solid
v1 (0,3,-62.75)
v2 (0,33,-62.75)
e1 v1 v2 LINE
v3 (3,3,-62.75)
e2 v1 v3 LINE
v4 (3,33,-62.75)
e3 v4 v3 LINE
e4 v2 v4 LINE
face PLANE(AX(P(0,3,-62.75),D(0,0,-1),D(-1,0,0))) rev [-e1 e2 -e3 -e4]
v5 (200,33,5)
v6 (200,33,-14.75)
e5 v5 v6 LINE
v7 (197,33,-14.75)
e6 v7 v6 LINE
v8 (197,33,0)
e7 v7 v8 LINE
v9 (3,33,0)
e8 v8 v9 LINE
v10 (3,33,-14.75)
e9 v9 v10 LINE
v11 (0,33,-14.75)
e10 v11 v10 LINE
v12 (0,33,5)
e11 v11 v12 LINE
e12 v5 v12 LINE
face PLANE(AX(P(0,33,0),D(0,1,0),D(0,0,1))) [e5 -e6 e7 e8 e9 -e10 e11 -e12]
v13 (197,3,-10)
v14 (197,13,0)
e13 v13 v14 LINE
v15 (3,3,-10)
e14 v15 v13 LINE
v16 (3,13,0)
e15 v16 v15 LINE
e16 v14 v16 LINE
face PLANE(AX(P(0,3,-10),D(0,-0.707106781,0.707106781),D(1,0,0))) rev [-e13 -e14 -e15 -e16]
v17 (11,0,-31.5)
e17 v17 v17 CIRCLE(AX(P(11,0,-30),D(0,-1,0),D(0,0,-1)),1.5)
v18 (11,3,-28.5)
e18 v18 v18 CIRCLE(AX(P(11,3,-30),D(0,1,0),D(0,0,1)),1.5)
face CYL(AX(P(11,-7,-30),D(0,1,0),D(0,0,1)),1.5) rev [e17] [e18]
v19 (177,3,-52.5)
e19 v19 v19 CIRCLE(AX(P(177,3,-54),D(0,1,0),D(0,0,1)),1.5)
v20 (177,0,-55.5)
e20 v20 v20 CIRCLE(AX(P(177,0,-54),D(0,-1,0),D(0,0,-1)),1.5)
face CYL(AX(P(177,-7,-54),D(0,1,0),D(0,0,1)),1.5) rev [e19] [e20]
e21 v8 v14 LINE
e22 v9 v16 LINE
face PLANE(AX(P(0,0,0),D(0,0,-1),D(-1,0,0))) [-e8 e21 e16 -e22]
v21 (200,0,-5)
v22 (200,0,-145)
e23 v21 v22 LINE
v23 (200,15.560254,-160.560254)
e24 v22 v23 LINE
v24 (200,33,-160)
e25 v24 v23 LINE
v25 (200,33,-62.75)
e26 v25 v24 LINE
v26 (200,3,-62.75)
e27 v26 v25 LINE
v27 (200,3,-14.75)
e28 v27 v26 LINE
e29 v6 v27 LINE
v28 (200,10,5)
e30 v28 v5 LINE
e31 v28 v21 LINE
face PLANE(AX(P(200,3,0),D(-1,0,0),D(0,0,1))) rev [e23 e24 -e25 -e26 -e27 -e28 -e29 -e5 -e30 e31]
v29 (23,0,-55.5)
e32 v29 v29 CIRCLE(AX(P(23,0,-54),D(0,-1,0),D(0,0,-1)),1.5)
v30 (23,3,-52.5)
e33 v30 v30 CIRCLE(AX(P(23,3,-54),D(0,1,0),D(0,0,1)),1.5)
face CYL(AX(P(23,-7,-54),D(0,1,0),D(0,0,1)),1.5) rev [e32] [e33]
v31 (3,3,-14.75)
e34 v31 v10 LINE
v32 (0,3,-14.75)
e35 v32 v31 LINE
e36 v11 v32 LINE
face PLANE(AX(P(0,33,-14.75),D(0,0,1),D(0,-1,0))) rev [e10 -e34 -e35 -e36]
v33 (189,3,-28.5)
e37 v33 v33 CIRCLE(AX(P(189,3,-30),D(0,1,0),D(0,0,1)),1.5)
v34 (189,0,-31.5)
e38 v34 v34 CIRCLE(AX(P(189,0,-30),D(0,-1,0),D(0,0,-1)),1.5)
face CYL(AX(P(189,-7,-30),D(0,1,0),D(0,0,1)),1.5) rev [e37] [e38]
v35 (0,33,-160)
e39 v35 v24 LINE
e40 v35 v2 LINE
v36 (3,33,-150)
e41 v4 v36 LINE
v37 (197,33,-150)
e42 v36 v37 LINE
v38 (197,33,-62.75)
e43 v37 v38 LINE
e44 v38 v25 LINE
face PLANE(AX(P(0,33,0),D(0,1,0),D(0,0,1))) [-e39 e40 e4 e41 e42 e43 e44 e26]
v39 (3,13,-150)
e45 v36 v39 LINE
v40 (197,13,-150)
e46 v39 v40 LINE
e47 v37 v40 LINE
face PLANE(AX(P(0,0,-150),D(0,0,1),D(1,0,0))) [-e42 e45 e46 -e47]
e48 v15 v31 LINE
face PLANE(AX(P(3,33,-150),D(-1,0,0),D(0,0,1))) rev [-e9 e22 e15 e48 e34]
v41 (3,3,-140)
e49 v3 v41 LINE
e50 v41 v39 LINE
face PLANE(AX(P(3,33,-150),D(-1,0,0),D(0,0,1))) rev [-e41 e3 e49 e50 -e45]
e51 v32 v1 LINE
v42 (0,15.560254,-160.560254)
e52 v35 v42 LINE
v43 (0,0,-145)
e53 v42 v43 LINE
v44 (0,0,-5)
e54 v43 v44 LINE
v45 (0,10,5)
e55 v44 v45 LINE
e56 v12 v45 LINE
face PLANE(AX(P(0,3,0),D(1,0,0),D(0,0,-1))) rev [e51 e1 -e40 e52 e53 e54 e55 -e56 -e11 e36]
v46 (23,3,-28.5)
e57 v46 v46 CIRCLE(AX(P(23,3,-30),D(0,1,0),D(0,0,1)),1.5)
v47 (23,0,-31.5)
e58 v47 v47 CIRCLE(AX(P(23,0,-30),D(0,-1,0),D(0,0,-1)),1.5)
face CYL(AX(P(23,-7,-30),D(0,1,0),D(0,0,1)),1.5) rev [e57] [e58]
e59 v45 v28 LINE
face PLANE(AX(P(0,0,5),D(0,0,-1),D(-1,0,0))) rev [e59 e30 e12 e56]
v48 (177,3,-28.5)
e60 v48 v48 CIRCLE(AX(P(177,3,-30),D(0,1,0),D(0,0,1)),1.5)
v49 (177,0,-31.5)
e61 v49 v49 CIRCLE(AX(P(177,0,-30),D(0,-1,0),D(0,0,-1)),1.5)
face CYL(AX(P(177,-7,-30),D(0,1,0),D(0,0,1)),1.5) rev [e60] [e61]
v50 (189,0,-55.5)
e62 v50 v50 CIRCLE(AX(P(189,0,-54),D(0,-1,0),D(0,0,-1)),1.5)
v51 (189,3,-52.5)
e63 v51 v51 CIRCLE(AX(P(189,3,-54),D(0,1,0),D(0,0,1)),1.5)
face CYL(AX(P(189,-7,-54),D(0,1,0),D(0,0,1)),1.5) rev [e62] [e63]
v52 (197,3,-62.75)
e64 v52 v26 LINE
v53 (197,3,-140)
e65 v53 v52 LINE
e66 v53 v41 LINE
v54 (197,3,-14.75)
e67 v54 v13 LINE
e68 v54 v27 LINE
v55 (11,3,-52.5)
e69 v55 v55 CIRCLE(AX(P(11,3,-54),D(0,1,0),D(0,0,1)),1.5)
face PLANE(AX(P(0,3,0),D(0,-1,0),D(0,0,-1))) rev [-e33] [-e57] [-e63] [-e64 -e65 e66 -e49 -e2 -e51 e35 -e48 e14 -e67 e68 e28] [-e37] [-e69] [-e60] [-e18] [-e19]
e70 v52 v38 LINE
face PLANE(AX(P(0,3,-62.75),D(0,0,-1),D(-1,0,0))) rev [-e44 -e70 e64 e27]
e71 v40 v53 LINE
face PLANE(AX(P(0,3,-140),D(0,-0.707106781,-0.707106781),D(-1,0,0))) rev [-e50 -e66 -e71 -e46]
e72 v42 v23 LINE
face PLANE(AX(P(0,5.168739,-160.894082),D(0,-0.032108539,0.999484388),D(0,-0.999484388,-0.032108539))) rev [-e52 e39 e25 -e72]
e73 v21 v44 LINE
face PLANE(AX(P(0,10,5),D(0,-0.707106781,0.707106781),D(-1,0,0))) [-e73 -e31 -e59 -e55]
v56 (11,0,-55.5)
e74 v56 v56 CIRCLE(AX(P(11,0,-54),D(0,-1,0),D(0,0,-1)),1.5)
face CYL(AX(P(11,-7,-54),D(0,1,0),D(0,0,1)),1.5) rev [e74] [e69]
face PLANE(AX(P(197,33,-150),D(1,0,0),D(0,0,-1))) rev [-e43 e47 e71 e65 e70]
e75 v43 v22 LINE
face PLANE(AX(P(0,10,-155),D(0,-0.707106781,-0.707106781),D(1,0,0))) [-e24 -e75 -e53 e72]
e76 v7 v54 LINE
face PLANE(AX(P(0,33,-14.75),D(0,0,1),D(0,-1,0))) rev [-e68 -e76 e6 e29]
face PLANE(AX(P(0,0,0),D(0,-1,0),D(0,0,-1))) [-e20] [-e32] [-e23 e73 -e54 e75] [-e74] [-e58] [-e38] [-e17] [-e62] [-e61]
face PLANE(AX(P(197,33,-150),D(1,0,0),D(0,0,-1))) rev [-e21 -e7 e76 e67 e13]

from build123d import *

# Parameters (mm, degrees)
CROQUIS1_W              = 200
CROQUIS1_H              = 150
SALIENTE_EXTRUIR1_DEPTH = 3
CROQUIS2_W              = 3
CROQUIS2_H              = 150
SALIENTE_EXTRUIR2_DEPTH = 30
SALIENTE_EXTRUIR4_DEPTH = 5
CROQUIS6_W              = 200
CROQUIS6_H              = 33
SALIENTE_EXTRUIR5_DEPTH = 5
CHAFL_N1_SIZE           = 10
CHAFL_N2_SIZE           = 10
CROQUIS7_R              = 1.5
CORTAR_EXTRUIR2_DEPTH   = 10
CROQUIS8_W              = 48
CROQUIS8_H              = 30
CORTAR_EXTRUIR3_DEPTH   = 200
SALIENTE_EXTRUIR6_DEPTH = 200


with BuildPart() as part:
    # Croquis1 → Saliente-Extruir1 (new body)
    with BuildSketch(Plane(origin=(0, 0, 0), x_dir=(1, 0, 0), z_dir=(0, 1, 0))):
        with Locations((100, 75)):
            Rectangle(CROQUIS1_W, CROQUIS1_H)
    extrude(amount=SALIENTE_EXTRUIR1_DEPTH)

    # Croquis2 → Saliente-Extruir2 (add)
    with BuildSketch(Plane(origin=(0, 3, 0), x_dir=(1, 0, 0), z_dir=(0, 1, 0))):
        with Locations((1.5, 75)):
            Rectangle(CROQUIS2_W, CROQUIS2_H)
        with Locations((198.5, 75)):
            Rectangle(CROQUIS2_W, CROQUIS2_H)
    extrude(amount=SALIENTE_EXTRUIR2_DEPTH)

    # Croquis5 → Saliente-Extruir4 (add)
    with BuildSketch(Plane.XY):
        Polygon((0, 33), (3, 33), (200, 33), (200, 0), (0, 0), align=None)
    extrude(amount=SALIENTE_EXTRUIR4_DEPTH)

    # Croquis6 → Saliente-Extruir5 (add)
    with BuildSketch(Plane(origin=(0, 0, -150), x_dir=(-1, 0, 0), z_dir=(0, 0, -1))):
        with Locations((-100, 16.5)):
            Rectangle(CROQUIS6_W, CROQUIS6_H)
    extrude(amount=SALIENTE_EXTRUIR5_DEPTH)

    # Chaflán1
    chafl_n1_edges = [part.edges().sort_by_distance(p)[0] for p in [
        (100, 0, 5),
        (100, 0, -155),
    ]]
    chamfer(chafl_n1_edges, length=CHAFL_N1_SIZE)

    # Chaflán2
    chafl_n2_edges = [part.edges().sort_by_distance(p)[0] for p in [
        (100, 3, 0),
        (100, 3, -150),
    ]]
    chamfer(chafl_n2_edges, length=CHAFL_N2_SIZE)

    # Croquis7 → Cortar-Extruir2 (cut)
    with BuildSketch(Plane(origin=(0, 3, 0), x_dir=(1, 0, 0), z_dir=(0, 1, 0))):
        with Locations(Location((189, 30, 0), (0, 0, 270))):
            Circle(CROQUIS7_R)
        with Locations(Location((177, 30, 0), (0, 0, 270))):
            Circle(CROQUIS7_R)
        with Locations(Location((189, 54, 0), (0, 0, 270))):
            Circle(CROQUIS7_R)
        with Locations(Location((177, 54, 0), (0, 0, 270))):
            Circle(CROQUIS7_R)
        with Locations(Location((23, 30, 0), (0, 0, 270))):
            Circle(CROQUIS7_R)
        with Locations(Location((11, 30, 0), (0, 0, 270))):
            Circle(CROQUIS7_R)
        with Locations(Location((23, 54, 0), (0, 0, 270))):
            Circle(CROQUIS7_R)
        with Locations(Location((11, 54, 0), (0, 0, 270))):
            Circle(CROQUIS7_R)
    extrude(amount=-CORTAR_EXTRUIR2_DEPTH, mode=Mode.SUBTRACT)

    # Croquis8 → Cortar-Extruir3 (cut)
    with BuildSketch(Plane(origin=(200, 0, 0), x_dir=(0, 0, -1), z_dir=(1, 0, 0))):
        with Locations((38.75, 18)):
            Rectangle(CROQUIS8_W, CROQUIS8_H)
    extrude(amount=-CORTAR_EXTRUIR3_DEPTH, mode=Mode.SUBTRACT)

    # Croquis9 → Saliente-Extruir6 (add)
    with BuildSketch(Plane(origin=(200, 0, 0), x_dir=(0, 0, -1), z_dir=(1, 0, 0))):
        Polygon((155, 10), (160.560253642, 15.560253642), (160, 33), (155, 33), align=None)
    extrude(amount=-SALIENTE_EXTRUIR6_DEPTH)


solid = part.part
